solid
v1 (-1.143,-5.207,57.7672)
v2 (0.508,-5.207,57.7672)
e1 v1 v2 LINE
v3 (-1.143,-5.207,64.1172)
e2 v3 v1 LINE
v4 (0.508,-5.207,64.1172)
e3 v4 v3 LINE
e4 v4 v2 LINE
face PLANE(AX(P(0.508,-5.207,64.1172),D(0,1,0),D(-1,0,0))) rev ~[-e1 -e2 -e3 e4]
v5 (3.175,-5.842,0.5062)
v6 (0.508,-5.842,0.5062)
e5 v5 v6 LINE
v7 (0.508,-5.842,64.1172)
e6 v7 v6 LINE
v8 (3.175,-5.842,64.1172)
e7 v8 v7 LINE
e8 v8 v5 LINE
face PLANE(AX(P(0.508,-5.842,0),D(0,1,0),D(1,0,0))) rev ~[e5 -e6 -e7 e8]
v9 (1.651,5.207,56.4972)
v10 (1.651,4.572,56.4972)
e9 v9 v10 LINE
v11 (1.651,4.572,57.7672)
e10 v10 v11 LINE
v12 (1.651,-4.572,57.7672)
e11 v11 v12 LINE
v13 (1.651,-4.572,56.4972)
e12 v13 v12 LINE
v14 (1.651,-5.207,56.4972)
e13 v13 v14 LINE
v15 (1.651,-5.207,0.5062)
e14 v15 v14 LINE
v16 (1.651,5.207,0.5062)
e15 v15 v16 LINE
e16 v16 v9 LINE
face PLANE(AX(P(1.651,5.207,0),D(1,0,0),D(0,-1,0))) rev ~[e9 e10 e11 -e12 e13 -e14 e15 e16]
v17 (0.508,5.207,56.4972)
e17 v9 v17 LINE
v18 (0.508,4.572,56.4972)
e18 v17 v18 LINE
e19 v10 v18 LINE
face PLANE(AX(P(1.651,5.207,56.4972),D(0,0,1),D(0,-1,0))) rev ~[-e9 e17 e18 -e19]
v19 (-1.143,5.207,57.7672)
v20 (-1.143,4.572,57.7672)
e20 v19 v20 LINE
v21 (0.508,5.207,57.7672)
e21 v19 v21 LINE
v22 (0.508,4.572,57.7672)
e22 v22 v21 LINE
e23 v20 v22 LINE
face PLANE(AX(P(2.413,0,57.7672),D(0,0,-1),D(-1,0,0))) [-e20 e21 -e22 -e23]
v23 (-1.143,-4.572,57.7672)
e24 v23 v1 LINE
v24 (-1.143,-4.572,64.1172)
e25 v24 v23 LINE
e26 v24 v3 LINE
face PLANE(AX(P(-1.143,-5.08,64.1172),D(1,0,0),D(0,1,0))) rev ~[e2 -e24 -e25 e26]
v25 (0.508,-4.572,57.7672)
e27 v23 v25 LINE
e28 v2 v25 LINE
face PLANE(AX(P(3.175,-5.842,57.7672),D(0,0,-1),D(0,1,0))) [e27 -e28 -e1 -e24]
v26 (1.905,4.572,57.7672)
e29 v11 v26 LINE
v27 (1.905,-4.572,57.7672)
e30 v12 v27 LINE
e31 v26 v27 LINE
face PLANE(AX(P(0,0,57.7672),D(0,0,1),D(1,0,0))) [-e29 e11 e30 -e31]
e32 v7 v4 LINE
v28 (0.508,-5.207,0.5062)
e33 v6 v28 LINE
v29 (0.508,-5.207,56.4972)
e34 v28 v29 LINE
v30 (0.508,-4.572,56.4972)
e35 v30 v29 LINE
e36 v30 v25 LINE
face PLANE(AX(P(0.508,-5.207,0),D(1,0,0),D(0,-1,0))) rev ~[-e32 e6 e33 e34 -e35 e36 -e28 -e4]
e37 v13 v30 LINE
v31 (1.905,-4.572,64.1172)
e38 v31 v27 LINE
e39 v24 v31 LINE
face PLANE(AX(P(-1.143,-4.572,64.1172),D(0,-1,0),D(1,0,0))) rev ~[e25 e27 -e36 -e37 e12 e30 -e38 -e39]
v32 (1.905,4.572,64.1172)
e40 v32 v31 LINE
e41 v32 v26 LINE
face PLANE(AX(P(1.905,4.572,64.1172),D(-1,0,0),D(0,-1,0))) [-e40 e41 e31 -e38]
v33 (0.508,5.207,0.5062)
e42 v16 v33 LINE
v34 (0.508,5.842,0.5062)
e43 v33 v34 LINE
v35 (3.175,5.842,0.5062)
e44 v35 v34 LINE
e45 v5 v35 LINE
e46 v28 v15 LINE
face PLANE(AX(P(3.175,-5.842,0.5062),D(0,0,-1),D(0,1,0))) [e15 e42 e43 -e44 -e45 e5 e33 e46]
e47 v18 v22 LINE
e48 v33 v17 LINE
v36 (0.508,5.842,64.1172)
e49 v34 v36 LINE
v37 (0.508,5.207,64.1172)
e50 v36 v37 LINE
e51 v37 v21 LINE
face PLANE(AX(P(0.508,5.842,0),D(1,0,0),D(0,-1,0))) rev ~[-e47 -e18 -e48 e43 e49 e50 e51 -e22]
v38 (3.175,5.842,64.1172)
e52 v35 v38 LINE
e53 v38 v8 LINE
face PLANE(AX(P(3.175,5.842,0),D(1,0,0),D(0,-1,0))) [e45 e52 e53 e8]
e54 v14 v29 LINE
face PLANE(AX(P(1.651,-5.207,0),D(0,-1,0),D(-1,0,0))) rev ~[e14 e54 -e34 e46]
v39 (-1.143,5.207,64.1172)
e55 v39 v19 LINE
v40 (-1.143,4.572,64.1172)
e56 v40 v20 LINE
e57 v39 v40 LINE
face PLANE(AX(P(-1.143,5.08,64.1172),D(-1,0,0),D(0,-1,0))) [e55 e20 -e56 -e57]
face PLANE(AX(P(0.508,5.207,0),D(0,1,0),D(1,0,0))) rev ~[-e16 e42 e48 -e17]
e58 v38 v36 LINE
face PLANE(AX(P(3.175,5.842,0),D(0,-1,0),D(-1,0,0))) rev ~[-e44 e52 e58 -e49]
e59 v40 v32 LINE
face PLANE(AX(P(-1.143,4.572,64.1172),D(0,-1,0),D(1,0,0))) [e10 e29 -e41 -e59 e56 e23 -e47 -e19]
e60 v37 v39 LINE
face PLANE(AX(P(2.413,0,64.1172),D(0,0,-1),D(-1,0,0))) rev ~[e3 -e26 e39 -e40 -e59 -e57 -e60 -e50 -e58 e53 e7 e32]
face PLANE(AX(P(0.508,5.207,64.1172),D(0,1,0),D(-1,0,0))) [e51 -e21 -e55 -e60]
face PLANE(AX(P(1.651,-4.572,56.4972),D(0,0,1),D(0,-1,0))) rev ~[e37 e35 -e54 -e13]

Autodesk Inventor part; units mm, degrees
ref_plane "YZ Plane" through (0, 0, 0) normal (1, 0, 0) x (0, 1, 0)
sketch "Sketch1" plane through (0, 0, 0) normal (0, 0, 1) x (1, 0, 0)
  arc A0 (-8.0491, 3.1697) -> (-8.0491, -3.1803) centre (-17.5665, -0.0053) ccw projected
  line L0 (-1.651, -3.1803) -> (-8.0491, -3.1803) projected
  line L1 (-1.651, -5.461) -> (-1.651, -3.1803) projected
  line L2 (0, -5.461) -> (-1.651, -5.461) projected
  line L3 (0, -5.461) -> (0, -6.35) projected
  line L4 (3.175, -6.35) -> (0, -6.35) projected
  line L5 (3.175, 6.35) -> (3.175, -6.35) projected
  line L6 (3.175, 6.35) -> (0, 6.35) projected
  line L7 (0, 6.35) -> (0, 5.461) projected
  line L8 (-1.651, 5.461) -> (0, 5.461) projected
  line L9 (-1.651, 3.1697) -> (-1.651, 5.461) projected
  line L10 (-1.651, 3.1697) -> (-8.0491, 3.1697) projected
  line L11 (3.175, 5.842) -> (0.508, 5.842)
  line L12 (0.508, 5.842) -> (0.508, -5.842)
  line L13 (0.508, -5.842) -> (3.175, -5.842)
  line L14 (3.175, -5.842) -> (3.175, 5.842)
  line L15 (0.508, 5.207) -> (1.651, 5.207)
  line L16 (1.651, 5.207) -> (1.651, -5.207)
  line L17 (1.651, -5.207) -> (0.508, -5.207)
  line L18 (0.508, -5.207) -> (0.508, 5.207)
  point P0 (0, 0)
  dimension "d0" = 0.508
  dimension "d1" = 0.508
  dimension "d2" = 0.508
  dimension "d3" = 0.635
  dimension "d4" = 0.635
  dimension "d5" = 1.524
ref_plane "Work Plane1" through (0, -6.35, 57.7672) normal (0, 0, -1) x (0, 1, 0)
extrude "Extrusion1" add sketch "Sketch1" along normal up to surface (57.7672 mm away) contours L5 L13 L12 L17 L16 L15 L11
ref_plane "Work Plane2" through (2.413, 0, 64.1172) normal (0, 0, -1) x (-1, 0, 0)
sketch "Sketch2" plane through (2.413, 0, 64.1172) normal (0, 0, -1) x (-1, 0, 0)
  line L0 (-0.762, -5.842) -> (-0.762, 5.842) projected
  line L1 (-0.762, 5.08) -> (3.556, 5.08)
  line L2 (3.556, 5.08) -> (3.556, 4.572)
  line L3 (3.556, 4.572) -> (-0.762, 4.572)
  line L4 (-0.762, 4.572) -> (-0.762, 5.08)
  line L5 (-0.762, -5.08) -> (3.556, -5.08)
  line L6 (3.556, -5.08) -> (3.556, -4.572)
  line L7 (3.556, -4.572) -> (-0.762, -4.572)
  line L8 (-0.762, -4.572) -> (-0.762, -5.08)
  line L9 (1.905, -5.207) -> (0.762, -5.207) projected
  line L10 (0.762, 5.207) -> (1.905, 5.207) projected
  line L11 (-0.762, 5.08) -> (0.508, 5.08)
  line L12 (0.508, 5.08) -> (0.508, -5.08)
  line L13 (0.508, -5.08) -> (-0.762, -5.08)
  line L14 (-0.762, -5.08) -> (-0.762, 5.08)
  point P0 (2.413, 0)
  dimension "d8" = 0.508
  dimension "d9" = 4.318
  dimension "d10" = 4.318
  dimension "d11" = 0.508
  dimension "d12" = 0.127
  dimension "d13" = 0.127
extrude "Extrusion2" add sketch "Sketch2" along normal up to surface (6.35 mm away)
sketch "Sketch3" plane through (1.651, -5.207, 0) normal (-1, 0, 0) x (0, 0, 1)
  line L0 (0, 10.414) -> (57.7672, 10.414) projected
  line L1 (57.7672, 10.414) -> (56.4972, 10.414)
  line L2 (56.4972, 10.414) -> (56.4972, 9.779)
  line L3 (56.4972, 9.779) -> (57.7672, 9.779)
  line L4 (57.7672, 9.779) -> (57.7672, 10.414)
  line L5 (57.7672, -0.635) -> (57.7672, 0.127) projected
  line L6 (57.7672, 0) -> (56.4972, 0)
  line L7 (56.4972, 0.635) -> (57.7672, 0.635)
  line L8 (57.7672, 0.635) -> (57.7672, 0)
  line L9 (64.1172, 9.779) -> (57.7672, 9.779) projected
  line L10 (56.4972, 0.635) -> (56.4972, 0)
  point P0 (0, 5.207)
  dimension "d16" = 1.27
extrude "Extrusion3" add sketch "Sketch3" along normal up to surface (1.143 mm away)
sketch "Sketch4" plane through (3.175, -5.842, 0) normal (1, 0, 0) x (0, 0, -1)
  line L0 (0, 11.684) -> (-57.7672, 11.684) projected
  line L1 (0.0018, 0) -> (-0.5062, 0)
  line L2 (-0.5062, 0) -> (-0.5062, 11.684)
  line L3 (-0.5062, 11.684) -> (0.0018, 11.684)
  line L4 (0.0018, 11.684) -> (0.0018, 0)
  point P0 (0, 5.842)
  dimension "d19" = 0.508
extrude "Extrusion4" cut sketch "Sketch4" against normal blind 25.4
sketch "Sketch5" plane through (3.175, -5.08, 64.1172) normal (1, 0, 0) x (0, 0, -1)
  line L0 (63.611, -0.762) -> (63.611, 10.922) projected
  line L1 (63.611, 10.922) -> (6.35, 10.922) projected
  line L2 (6.35, 10.16) -> (6.35, 10.922) projected
  line L3 (0, 10.16) -> (6.35, 10.16) projected
  line L4 (0, 10.16) -> (0, 0) projected
  line L5 (0, 0) -> (6.35, 0) projected
  line L6 (6.35, -0.762) -> (6.35, 0) projected
  line L7 (63.611, -0.762) -> (6.35, -0.762) projected
  line L8 (6.35, 10.16) -> (6.35, 10.922) projected
  line L9 (0, 9.652) -> (0, 10.16) projected
  line L10 (6.35, 10.922) -> (0, 10.922)
  line L11 (0, 10.922) -> (0, 10.16)
  line L12 (0, 10.16) -> (6.35, 10.16)
  line L13 (6.35, 10.16) -> (6.35, 10.922)
  line L14 (0, 10.16) -> (0, 0) projected
  line L15 (6.35, -0.762) -> (6.35, 0) projected
  line L16 (0, 0) -> (6.35, 0)
  line L17 (6.35, 0) -> (6.35, -0.762)
  line L18 (6.35, -0.762) -> (0, -0.762)
  line L19 (0, -0.762) -> (0, 0)
  point P0 (64.1172, 5.08)
extrude "Extrusion5" add sketch "Sketch5" against normal up to surface (4.318 mm away) contours L18 L19 L5 L6 | L2 L3 L11 L10
sketch "Sketch6" plane through (2.413, 0, 64.1172) normal (0, 0, 1) x (1, 0, 0)
  line L0 (-0.508, -4.572) -> (-0.508, 4.572) projected
  line L1 (-3.556, -4.572) -> (-0.508, -4.572) projected
  line L2 (-3.556, -4.572) -> (-3.556, -5.842) projected
  line L3 (0.762, -5.842) -> (-3.556, -5.842) projected
  line L4 (0.762, 5.842) -> (0.762, -5.842) projected
  line L5 (0.762, 5.842) -> (-3.556, 5.842) projected
  line L6 (-3.556, 4.572) -> (-3.556, 5.842) projected
  line L7 (-0.508, 4.572) -> (-3.556, 4.572) projected
  line L8 (0.762, -5.842) -> (-3.556, -5.842) projected
  line L9 (-3.556, -5.842) -> (-1.905, -5.842)
  line L10 (-1.905, -5.842) -> (-1.905, -5.207)
  line L11 (-1.905, -5.207) -> (-3.556, -5.207)
  line L12 (-3.556, -5.207) -> (-3.556, -5.842)
  line L13 (-3.556, 5.842) -> (-1.905, 5.842)
  line L14 (-1.905, 5.842) -> (-1.905, 5.207)
  line L15 (-1.905, 5.207) -> (-3.556, 5.207)
  line L16 (-3.556, 5.207) -> (-3.556, 5.842)
  line L17 (-1.905, 5.842) -> (-1.905, 5.207) projected
  line L18 (-1.905, 4.572) -> (-1.905, 5.207) projected
  line L19 (-1.905, 5.842) -> (-1.905, 4.572) projected
  line L20 (-1.905, -5.207) -> (-1.905, -5.842) projected
  line L21 (-1.905, -4.572) -> (-1.905, -5.842) projected
  line L22 (-1.905, -5.207) -> (-1.905, -4.572) projected
  line L23 (-0.762, -5.207) -> (-1.905, -5.207) projected
  line L24 (-1.905, -5.207) -> (-0.762, -5.207) projected
  line L25 (-1.905, 5.207) -> (-0.762, 5.207) projected
  line L26 (-0.762, 5.207) -> (-1.905, 5.207) projected
  point P0 (-2.413, 0)
extrude "Extrusion6" cut sketch "Sketch6" against normal blind 25.4 contours L10 L3 L2 L11 | L15 L6 L5 L14
properties part number "Wire Cover Strengthened"
